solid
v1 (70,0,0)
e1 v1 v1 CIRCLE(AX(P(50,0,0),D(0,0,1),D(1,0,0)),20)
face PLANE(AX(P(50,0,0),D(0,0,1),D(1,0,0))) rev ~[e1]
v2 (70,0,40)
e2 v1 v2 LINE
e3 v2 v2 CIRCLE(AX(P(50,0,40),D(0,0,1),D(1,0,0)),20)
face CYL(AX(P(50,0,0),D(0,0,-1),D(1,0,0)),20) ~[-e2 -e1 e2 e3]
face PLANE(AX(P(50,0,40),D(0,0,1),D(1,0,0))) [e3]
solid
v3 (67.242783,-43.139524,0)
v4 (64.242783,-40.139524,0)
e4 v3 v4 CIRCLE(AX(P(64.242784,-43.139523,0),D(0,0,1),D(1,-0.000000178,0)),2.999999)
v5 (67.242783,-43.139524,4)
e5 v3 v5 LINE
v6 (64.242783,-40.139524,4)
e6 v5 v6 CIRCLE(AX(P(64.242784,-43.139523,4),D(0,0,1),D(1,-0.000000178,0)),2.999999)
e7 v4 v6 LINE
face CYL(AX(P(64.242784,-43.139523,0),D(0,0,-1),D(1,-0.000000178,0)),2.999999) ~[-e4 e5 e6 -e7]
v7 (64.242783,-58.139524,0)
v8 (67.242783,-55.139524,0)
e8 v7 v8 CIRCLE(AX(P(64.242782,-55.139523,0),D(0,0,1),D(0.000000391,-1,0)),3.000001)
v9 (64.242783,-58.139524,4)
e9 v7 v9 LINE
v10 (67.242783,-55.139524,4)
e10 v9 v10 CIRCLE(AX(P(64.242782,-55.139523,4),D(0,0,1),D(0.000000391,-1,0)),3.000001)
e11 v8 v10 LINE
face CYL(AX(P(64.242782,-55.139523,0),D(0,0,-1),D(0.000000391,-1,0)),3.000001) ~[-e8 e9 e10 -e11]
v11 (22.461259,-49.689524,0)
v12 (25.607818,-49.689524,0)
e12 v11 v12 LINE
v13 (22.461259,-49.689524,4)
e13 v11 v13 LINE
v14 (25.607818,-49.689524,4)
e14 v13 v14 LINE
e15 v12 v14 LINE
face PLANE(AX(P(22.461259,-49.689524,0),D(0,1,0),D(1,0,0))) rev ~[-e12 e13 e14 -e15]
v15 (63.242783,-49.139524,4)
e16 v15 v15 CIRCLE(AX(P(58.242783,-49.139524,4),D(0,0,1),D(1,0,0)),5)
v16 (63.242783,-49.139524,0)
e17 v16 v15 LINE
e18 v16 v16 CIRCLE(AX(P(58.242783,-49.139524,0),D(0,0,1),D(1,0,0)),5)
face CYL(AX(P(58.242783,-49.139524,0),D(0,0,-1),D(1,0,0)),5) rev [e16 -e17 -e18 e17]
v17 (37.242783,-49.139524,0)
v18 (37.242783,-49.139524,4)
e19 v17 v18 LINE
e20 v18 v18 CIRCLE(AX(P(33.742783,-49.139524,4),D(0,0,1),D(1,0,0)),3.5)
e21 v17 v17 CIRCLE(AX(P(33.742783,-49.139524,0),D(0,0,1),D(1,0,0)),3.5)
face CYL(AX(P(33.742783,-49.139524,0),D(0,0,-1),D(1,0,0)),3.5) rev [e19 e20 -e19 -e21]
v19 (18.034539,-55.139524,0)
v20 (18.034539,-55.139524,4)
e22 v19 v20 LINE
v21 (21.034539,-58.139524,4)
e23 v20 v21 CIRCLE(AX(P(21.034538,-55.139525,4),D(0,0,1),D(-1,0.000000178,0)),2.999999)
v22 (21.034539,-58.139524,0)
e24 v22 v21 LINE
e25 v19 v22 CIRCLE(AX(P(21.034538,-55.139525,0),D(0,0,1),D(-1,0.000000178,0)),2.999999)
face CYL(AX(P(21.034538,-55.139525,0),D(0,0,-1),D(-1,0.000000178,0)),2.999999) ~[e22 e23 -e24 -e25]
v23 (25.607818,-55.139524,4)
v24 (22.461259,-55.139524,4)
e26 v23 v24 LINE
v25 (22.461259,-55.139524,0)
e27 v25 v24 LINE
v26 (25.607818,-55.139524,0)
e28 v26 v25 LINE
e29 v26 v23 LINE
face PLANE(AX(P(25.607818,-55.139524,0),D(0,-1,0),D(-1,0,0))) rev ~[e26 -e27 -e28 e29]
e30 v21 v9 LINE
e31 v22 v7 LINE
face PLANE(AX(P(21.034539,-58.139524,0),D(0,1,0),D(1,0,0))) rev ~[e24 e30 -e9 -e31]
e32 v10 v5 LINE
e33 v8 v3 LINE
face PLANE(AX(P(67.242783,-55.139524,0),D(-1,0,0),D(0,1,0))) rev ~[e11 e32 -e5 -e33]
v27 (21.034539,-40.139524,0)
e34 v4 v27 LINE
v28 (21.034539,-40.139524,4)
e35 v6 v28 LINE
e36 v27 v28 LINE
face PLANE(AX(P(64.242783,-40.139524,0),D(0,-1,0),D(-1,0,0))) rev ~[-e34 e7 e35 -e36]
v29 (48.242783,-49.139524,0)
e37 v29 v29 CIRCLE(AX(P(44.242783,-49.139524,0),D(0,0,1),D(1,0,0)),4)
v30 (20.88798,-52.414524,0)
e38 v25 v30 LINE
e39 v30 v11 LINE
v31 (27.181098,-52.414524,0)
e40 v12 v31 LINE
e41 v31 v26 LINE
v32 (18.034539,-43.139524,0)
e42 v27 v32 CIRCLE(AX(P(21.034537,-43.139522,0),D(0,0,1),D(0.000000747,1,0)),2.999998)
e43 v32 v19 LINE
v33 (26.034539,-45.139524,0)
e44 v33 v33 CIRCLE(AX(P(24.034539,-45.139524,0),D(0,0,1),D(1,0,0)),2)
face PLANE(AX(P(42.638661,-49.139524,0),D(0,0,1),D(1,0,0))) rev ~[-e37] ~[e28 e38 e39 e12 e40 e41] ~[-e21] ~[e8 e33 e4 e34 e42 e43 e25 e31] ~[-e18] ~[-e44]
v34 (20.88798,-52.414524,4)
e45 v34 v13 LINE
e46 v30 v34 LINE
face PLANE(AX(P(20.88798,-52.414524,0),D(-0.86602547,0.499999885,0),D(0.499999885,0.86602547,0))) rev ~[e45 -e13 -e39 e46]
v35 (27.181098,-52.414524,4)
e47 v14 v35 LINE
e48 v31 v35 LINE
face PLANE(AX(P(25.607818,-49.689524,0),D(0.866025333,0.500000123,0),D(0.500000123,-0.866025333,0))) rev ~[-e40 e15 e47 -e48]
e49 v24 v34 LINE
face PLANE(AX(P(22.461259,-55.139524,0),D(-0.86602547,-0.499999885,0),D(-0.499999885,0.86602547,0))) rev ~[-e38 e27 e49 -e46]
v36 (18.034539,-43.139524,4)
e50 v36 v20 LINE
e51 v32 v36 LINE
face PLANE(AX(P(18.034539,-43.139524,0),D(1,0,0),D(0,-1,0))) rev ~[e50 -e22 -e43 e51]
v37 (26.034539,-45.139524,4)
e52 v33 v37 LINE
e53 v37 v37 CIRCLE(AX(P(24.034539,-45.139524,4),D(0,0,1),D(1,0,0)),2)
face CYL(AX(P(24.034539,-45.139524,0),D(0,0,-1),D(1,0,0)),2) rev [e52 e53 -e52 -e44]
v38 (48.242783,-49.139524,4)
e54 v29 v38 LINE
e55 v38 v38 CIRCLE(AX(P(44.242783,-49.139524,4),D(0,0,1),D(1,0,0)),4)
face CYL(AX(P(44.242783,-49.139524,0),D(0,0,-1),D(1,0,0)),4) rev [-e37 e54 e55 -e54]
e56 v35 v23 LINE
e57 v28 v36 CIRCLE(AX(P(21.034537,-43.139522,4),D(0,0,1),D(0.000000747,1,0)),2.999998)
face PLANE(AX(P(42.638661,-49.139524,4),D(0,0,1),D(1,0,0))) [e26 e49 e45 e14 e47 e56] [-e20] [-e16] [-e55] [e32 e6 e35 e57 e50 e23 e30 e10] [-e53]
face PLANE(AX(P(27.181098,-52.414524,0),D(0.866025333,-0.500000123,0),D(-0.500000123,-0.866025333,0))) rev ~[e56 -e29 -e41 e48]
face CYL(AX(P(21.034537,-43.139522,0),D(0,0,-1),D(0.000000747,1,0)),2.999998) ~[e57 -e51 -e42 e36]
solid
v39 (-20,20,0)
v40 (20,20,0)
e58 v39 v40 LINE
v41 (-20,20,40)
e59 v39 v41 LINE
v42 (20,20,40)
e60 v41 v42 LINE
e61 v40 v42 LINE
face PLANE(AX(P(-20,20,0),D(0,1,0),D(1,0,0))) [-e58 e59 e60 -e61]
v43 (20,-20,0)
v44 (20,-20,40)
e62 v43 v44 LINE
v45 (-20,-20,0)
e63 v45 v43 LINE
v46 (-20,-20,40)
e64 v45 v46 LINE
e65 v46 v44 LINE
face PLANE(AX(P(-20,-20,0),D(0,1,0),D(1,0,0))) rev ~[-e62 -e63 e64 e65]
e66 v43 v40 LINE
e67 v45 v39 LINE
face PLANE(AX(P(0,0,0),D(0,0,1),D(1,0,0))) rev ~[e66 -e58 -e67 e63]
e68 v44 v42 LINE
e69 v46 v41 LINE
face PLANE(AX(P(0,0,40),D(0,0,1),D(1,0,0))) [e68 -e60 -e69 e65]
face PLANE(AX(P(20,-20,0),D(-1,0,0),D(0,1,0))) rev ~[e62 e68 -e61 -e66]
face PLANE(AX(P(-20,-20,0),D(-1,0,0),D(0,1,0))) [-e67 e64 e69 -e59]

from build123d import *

# Parameters (mm, degrees)
F0_W     = 40
F0_H     = 40
F1_DEPTH = 40
F2_R     = 20
F3_DEPTH = 40
F4_R     = 3.5
F4_R_2   = 4
F4_R_3   = 2
F4_R_4   = 5
F5_DEPTH = 4


with BuildPart() as f1:
    # F0 (on Top) → F1 (new body)
    with BuildSketch(Plane.XY):
        Rectangle(F0_W, F0_H)
    extrude(amount=F1_DEPTH)


with BuildPart() as f3:
    # F2 (on Top) → F3 (new body, through all)
    with BuildSketch(Plane.XY):
        with Locations((50, 0)):
            Circle(F2_R)
    extrude(amount=F3_DEPTH)


with BuildPart() as f5:
    # F4 (on Top) → F5 (new body)
    with BuildSketch(Plane.XY):
        with BuildLine():
            Line((64.242783, -40.139524), (21.034539, -40.139524))
            ThreePointArc((21.034539, -40.139524), (18.913218, -41.018203), (18.034539, -43.139524))
            Line((18.034539, -43.139524), (18.034539, -55.139524))
            ThreePointArc((18.034539, -55.139524), (18.913218, -57.260844), (21.034539, -58.139524))
            Line((21.034539, -58.139524), (64.242783, -58.139524))
            ThreePointArc((64.242783, -58.139524), (66.364103, -57.260844), (67.242783, -55.139524))
            Line((67.242783, -55.139524), (67.242783, -43.139524))
            ThreePointArc((67.242783, -43.139524), (66.364103, -41.018203), (64.242783, -40.139524))
        make_face()
        Polygon((25.607818, -49.689524), (27.181098, -52.414524), (25.607818, -55.139524), (22.461259, -55.139524), (20.88798, -52.414524), (22.461259, -49.689524), align=None, mode=Mode.SUBTRACT)
        with Locations((33.742783, -49.139524)):
            Circle(F4_R, mode=Mode.SUBTRACT)
        with Locations((44.242783, -49.139524)):
            Circle(F4_R_2, mode=Mode.SUBTRACT)
        with Locations((24.034539, -45.139524)):
            Circle(F4_R_3, mode=Mode.SUBTRACT)
        with Locations((58.242783, -49.139524)):
            Circle(F4_R_4, mode=Mode.SUBTRACT)
    extrude(amount=F5_DEPTH)


solid = Compound([f1.part, f3.part, f5.part])
